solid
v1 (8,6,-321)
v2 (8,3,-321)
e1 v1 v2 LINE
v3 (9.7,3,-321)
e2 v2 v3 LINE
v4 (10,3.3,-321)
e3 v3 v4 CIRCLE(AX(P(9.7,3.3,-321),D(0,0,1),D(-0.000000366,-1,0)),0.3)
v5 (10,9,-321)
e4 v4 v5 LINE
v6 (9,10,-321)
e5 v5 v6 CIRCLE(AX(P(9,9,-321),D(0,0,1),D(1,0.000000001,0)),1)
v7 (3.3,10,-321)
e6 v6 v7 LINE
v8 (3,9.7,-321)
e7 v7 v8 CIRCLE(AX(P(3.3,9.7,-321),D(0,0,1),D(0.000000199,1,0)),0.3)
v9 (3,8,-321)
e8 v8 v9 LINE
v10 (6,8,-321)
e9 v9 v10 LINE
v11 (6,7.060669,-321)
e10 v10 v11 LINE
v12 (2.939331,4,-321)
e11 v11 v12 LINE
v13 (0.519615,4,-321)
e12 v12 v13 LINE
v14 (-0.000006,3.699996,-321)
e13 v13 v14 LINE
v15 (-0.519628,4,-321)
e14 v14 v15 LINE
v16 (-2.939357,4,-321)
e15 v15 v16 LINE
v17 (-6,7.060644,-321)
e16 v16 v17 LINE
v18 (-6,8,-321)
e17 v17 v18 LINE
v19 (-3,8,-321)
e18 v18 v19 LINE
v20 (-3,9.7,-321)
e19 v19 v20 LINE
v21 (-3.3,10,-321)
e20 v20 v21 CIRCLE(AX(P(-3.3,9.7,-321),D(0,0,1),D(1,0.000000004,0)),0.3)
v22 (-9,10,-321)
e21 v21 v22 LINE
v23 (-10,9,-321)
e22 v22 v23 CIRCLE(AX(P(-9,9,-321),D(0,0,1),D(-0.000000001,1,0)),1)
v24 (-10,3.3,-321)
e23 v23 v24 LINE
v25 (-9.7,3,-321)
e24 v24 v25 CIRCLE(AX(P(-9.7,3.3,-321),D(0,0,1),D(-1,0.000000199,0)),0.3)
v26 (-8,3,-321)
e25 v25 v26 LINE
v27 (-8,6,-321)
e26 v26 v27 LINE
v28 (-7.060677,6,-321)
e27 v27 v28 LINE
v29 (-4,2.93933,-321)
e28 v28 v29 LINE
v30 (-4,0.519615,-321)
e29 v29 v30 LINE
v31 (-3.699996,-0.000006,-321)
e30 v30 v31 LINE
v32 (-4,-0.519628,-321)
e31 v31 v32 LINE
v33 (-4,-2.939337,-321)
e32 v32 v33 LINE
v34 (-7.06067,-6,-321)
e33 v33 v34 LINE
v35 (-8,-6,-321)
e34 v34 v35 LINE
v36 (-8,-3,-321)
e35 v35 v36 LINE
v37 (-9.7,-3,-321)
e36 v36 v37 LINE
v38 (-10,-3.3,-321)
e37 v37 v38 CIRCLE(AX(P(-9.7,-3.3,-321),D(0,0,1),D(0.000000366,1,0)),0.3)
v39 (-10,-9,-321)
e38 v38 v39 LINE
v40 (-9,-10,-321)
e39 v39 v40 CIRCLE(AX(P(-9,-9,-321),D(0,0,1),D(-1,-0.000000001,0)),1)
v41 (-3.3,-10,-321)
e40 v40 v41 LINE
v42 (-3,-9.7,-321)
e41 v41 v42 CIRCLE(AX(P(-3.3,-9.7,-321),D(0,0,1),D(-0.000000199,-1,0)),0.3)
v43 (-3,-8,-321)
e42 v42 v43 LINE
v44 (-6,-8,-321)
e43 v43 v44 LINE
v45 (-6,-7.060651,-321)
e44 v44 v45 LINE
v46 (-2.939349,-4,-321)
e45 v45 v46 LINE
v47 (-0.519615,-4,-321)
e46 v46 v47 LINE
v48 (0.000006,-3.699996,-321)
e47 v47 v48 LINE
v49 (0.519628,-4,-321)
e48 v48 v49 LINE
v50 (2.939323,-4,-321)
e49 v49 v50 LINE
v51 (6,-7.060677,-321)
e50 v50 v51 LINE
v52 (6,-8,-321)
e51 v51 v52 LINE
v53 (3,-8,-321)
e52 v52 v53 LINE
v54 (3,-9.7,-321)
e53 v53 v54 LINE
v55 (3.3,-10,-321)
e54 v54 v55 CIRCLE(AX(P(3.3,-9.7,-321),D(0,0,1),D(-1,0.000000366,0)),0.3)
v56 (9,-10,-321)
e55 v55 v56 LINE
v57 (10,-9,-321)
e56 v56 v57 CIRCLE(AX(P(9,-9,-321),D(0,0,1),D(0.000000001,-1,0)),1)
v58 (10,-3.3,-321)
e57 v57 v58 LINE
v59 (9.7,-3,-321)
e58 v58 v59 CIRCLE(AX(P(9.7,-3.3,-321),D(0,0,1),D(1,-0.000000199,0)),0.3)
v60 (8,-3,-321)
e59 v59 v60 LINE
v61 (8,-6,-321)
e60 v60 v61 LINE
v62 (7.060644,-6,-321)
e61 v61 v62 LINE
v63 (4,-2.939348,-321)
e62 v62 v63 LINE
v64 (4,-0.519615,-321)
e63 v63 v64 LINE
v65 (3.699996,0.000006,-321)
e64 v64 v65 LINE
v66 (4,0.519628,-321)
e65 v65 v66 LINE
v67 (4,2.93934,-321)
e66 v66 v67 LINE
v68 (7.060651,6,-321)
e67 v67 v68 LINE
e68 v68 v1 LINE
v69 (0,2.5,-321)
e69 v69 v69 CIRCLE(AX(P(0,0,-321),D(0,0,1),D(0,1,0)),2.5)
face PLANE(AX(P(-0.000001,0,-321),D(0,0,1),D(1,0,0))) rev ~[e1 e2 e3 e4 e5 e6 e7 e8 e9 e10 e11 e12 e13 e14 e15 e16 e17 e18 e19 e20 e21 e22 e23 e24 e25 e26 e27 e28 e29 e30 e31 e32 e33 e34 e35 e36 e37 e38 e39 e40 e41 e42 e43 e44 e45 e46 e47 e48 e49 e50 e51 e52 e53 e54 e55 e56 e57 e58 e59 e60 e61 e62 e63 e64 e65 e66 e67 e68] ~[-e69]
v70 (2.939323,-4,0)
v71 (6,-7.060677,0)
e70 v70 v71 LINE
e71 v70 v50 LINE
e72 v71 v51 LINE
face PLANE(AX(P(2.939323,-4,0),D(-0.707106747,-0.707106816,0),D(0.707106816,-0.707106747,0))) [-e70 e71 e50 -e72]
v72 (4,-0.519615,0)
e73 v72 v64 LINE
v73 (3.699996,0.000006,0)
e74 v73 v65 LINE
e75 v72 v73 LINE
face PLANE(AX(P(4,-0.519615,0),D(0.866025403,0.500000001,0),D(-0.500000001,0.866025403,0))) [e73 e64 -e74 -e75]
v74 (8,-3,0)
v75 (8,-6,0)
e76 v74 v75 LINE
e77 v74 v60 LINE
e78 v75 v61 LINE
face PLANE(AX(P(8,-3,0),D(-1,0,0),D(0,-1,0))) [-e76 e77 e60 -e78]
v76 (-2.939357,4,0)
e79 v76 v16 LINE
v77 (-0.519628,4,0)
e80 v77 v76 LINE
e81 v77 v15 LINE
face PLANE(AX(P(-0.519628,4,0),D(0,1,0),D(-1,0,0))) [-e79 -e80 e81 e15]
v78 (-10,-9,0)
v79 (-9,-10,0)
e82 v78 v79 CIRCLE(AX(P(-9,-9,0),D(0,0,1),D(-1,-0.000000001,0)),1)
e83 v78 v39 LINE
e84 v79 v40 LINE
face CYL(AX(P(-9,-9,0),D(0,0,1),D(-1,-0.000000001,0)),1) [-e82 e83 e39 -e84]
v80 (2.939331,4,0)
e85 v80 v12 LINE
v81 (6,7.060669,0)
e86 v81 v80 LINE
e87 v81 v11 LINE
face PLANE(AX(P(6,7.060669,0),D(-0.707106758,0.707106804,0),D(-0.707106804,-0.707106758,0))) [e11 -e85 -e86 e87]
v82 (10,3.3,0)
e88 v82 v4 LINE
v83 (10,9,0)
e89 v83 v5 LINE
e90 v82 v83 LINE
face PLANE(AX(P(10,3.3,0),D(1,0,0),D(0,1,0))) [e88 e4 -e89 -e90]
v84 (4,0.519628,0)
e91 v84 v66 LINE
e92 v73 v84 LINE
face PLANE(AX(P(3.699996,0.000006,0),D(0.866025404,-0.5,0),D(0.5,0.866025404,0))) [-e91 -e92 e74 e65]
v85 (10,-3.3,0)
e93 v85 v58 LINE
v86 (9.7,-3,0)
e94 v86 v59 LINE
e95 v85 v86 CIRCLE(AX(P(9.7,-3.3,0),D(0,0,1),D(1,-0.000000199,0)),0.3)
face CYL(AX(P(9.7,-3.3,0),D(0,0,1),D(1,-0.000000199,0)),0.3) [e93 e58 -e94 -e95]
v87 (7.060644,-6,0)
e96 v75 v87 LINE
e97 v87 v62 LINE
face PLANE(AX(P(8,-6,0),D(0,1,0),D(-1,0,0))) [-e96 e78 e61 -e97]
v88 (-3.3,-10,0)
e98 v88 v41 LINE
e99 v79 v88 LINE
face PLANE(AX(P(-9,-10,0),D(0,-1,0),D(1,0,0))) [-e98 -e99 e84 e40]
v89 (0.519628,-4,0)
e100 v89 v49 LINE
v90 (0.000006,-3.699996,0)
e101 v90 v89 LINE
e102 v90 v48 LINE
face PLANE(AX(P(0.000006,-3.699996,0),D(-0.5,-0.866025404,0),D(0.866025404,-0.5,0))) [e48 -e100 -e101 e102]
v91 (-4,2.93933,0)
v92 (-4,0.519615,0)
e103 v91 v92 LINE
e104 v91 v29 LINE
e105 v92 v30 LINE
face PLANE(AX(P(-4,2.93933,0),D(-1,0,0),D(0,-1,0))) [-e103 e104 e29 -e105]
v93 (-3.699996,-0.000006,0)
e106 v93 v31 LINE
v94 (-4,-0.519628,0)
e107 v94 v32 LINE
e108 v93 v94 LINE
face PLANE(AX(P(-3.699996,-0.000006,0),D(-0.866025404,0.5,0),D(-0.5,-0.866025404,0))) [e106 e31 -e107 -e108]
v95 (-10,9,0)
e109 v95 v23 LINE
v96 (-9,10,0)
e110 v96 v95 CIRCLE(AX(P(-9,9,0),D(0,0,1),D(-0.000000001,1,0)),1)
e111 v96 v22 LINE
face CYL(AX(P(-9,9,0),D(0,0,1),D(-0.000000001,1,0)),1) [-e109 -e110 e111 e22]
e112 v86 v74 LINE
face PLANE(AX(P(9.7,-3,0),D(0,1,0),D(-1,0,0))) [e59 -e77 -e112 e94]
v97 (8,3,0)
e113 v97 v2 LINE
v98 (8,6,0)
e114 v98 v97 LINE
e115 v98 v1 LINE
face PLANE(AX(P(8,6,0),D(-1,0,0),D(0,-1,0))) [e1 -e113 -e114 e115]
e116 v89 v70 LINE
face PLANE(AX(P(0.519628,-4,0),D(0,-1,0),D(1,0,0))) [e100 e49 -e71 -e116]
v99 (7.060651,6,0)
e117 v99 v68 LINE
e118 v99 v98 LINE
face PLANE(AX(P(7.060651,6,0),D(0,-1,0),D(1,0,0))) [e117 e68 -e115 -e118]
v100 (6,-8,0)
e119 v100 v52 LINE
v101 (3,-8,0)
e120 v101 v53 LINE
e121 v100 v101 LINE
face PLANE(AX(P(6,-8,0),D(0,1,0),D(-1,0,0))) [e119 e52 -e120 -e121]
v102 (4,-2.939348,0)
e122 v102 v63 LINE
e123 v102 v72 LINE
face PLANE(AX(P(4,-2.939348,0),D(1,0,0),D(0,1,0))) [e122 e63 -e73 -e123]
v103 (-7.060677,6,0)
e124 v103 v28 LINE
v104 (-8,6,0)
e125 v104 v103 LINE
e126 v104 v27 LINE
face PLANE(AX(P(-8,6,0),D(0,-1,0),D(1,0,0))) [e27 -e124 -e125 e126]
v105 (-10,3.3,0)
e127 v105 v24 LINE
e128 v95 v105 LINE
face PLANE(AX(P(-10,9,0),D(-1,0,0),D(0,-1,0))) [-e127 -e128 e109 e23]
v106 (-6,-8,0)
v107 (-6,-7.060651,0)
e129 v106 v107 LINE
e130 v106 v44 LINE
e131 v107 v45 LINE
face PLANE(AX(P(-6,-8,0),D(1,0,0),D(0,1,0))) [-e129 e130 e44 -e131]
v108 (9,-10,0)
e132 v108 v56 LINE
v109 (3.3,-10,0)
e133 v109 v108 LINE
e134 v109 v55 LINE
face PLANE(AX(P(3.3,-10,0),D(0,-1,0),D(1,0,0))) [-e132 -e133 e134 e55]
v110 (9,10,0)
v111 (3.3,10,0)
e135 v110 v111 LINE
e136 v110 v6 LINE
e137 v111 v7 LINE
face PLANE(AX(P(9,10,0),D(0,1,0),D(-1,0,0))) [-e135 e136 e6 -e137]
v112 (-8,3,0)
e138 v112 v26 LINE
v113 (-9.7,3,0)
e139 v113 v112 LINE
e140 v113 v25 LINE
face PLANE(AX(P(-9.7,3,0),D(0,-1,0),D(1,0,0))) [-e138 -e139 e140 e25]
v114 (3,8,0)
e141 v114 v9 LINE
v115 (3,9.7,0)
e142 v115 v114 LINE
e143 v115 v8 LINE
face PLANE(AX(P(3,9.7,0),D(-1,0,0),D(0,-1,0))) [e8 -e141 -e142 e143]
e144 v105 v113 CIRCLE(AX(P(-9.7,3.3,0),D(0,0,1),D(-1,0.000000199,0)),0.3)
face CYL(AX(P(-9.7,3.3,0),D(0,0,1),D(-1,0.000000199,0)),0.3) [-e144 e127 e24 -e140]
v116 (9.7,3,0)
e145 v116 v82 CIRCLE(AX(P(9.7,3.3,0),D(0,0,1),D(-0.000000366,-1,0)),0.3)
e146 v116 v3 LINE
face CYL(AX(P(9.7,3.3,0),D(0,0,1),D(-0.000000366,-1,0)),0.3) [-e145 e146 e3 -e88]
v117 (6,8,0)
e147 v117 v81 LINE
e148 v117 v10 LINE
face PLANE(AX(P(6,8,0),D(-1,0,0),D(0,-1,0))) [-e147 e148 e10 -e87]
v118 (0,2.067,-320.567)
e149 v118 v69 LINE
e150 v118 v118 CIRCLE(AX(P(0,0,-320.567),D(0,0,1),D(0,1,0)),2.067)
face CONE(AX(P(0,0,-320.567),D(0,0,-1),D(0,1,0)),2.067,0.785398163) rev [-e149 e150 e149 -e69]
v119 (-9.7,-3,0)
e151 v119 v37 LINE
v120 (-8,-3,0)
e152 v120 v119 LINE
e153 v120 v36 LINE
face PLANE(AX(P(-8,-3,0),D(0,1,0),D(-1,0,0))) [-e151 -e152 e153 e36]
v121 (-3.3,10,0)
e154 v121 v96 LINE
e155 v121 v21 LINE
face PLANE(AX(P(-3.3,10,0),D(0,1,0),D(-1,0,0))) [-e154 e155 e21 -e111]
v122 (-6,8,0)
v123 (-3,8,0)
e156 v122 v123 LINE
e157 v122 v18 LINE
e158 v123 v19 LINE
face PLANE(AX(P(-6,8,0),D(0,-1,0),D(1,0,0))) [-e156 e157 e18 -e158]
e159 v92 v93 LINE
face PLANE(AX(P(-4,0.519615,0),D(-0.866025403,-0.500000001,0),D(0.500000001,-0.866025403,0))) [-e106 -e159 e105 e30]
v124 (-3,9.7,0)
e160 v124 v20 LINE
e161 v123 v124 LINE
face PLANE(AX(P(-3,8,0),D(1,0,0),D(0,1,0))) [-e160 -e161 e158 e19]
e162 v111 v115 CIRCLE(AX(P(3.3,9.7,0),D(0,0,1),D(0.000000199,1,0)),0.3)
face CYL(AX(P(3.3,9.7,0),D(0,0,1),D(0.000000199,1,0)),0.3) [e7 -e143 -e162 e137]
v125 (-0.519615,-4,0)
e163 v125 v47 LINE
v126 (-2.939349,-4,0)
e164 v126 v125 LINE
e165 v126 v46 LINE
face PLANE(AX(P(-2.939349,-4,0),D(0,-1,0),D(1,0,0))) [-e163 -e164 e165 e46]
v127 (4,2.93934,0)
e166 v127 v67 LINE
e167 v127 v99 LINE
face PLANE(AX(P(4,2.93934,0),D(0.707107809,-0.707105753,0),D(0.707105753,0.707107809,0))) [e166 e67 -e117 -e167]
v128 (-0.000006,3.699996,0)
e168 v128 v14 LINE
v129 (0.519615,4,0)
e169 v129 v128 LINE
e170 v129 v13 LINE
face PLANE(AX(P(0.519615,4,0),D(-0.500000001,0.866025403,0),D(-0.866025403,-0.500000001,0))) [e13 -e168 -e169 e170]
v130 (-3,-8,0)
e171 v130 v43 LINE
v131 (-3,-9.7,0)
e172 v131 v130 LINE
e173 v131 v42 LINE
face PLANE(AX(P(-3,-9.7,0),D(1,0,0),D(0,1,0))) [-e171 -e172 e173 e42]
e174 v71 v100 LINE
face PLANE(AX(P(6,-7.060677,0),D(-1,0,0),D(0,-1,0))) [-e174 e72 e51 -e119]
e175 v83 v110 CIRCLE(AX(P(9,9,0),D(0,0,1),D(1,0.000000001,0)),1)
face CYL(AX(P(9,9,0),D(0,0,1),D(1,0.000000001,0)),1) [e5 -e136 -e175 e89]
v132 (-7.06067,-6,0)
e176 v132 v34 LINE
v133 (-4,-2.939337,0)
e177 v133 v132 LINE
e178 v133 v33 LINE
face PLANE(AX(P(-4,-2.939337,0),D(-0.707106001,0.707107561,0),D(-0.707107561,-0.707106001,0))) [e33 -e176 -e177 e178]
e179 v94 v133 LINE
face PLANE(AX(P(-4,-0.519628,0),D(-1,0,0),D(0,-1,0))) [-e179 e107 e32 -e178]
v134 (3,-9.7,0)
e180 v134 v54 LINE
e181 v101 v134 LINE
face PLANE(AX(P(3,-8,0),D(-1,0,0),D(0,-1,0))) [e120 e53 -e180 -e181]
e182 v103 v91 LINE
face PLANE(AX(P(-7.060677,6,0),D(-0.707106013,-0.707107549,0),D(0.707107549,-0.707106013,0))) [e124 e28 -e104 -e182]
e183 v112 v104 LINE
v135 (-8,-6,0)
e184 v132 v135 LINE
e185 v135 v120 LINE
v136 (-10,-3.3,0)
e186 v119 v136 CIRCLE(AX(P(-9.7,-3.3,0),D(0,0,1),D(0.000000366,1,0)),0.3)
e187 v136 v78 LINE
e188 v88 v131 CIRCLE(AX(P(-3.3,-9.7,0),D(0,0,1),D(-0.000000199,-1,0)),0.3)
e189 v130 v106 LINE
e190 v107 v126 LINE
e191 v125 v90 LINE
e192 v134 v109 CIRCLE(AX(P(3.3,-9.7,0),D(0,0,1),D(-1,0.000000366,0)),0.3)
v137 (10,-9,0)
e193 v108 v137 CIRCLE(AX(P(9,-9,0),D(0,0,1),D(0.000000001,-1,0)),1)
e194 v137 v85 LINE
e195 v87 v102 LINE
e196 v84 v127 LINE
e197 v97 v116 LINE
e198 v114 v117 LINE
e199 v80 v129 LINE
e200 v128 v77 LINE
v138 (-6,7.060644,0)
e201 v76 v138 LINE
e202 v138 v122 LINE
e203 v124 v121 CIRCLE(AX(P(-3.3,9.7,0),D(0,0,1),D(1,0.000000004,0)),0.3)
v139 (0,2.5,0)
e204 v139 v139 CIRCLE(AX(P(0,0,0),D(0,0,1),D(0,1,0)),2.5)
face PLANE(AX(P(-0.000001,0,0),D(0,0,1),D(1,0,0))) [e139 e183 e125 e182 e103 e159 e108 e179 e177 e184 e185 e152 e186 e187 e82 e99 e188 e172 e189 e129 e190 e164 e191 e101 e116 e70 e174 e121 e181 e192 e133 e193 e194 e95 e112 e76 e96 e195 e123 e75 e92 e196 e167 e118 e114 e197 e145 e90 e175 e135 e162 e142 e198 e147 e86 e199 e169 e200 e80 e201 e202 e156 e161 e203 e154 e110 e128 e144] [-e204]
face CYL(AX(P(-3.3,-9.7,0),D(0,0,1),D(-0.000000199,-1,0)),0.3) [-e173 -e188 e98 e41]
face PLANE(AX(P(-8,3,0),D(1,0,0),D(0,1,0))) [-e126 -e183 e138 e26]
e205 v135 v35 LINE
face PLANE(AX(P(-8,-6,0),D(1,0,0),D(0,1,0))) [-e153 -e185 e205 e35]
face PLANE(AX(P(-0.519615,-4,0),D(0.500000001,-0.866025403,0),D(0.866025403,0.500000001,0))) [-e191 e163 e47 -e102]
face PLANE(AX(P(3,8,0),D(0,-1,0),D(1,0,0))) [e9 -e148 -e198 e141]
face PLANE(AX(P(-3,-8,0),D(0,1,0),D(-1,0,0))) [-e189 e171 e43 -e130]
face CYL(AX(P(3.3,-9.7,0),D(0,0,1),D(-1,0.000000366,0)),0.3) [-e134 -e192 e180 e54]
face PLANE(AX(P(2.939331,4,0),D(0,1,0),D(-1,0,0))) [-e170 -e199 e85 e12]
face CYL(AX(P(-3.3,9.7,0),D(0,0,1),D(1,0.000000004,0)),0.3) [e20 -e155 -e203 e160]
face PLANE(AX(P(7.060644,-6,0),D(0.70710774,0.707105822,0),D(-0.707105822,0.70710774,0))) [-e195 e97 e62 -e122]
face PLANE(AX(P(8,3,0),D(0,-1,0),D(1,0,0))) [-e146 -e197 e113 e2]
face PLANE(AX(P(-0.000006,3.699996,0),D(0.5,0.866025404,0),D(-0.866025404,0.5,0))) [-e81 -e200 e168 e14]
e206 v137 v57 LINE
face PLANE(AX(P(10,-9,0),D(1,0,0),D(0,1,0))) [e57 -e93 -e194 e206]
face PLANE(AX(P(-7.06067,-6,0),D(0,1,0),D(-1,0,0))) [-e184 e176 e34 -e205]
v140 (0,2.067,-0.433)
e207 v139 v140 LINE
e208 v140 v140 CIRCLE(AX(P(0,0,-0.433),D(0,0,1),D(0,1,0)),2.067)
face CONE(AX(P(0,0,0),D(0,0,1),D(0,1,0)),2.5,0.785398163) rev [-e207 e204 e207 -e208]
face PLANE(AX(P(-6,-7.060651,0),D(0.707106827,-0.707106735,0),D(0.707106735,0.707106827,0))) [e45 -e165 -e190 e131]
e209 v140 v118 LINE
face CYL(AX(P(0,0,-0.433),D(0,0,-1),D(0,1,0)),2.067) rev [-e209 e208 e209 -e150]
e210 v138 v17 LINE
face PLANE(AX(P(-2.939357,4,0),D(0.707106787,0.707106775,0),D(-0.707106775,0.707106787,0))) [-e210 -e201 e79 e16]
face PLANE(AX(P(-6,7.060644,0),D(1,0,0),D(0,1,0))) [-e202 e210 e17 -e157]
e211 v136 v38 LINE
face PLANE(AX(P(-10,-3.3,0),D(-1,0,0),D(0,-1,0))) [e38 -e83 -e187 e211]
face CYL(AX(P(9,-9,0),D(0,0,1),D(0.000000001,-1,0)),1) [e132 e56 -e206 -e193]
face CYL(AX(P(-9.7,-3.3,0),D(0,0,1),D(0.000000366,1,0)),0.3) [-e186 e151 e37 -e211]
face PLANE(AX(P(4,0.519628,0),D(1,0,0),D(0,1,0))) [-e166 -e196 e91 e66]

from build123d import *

# Parameters (mm, degrees)
BOSS_EXTRUDE1_DEPTH = 321


with BuildPart() as part:
    # Sketch1 → Boss-Extrude1 (new body)
    with BuildSketch(Plane.XY):
        with BuildLine():
            Line((-10, 9), (-10, 3.29999995))
            ThreePointArc((-10, 3.29999995), (-9.912132049, 3.087867916), (-9.7, 3))
            Line((-9.7, 3), (-8, 3))
            Line((-8, 3), (-8, 6))
            Line((-8, 6), (-7.060677, 6))
            Line((-7.060677, 6), (-4, 2.93932965))
            Line((-4, 2.93932965), (-4, 0.519615242))
            Line((-4, 0.519615242), (-3.699996283, -6.437e-06))
            Line((-3.699996283, -6.437e-06), (-4, -0.519628117))
            Line((-4, -0.519628117), (-4, -2.93933725))
            Line((-4, -2.93933725), (-7.0606695, -6))
            Line((-7.0606695, -6), (-8, -6))
            Line((-8, -6), (-8, -3))
            Line((-8, -3), (-9.7, -3))
            ThreePointArc((-9.7, -3), (-9.912132049, -3.087867916), (-10, -3.29999995))
            Line((-10, -3.29999995), (-10, -9))
            ThreePointArc((-10, -9), (-9.707106781, -9.707106781), (-9, -10))
            Line((-9, -10), (-3.29999995, -10))
            ThreePointArc((-3.29999995, -10), (-3.087867916, -9.912132049), (-3, -9.7))
            Line((-3, -9.7), (-3, -8))
            Line((-3, -8), (-6, -8))
            Line((-6, -8), (-6, -7.0606515))
            Line((-6, -7.0606515), (-2.9393489, -4))
            Line((-2.9393489, -4), (-0.519615242, -4))
            Line((-0.519615242, -4), (6.437e-06, -3.699996283))
            Line((6.437e-06, -3.699996283), (0.519628117, -4))
            Line((0.519628117, -4), (2.9393227, -4))
            Line((2.9393227, -4), (6, -7.060677))
            Line((6, -7.060677), (6, -8))
            Line((6, -8), (3, -8))
            Line((3, -8), (3, -9.7))
            ThreePointArc((3, -9.7), (3.087867916, -9.912132049), (3.29999995, -10))
            Line((3.29999995, -10), (9, -10))
            ThreePointArc((9, -10), (9.707106781, -9.707106781), (10, -9))
            Line((10, -9), (10, -3.29999995))
            ThreePointArc((10, -3.29999995), (9.912132049, -3.087867916), (9.7, -3))
            Line((9.7, -3), (8, -3))
            Line((8, -3), (8, -6))
            Line((8, -6), (7.0606435, -6))
            Line((7.0606435, -6), (4, -2.9393482))
            Line((4, -2.9393482), (4, -0.519615242))
            Line((4, -0.519615242), (3.699996283, 6.437e-06))
            Line((3.699996283, 6.437e-06), (4, 0.519628117))
            Line((4, 0.519628117), (4, 2.9393401))
            Line((4, 2.9393401), (7.060651, 6))
            Line((7.060651, 6), (8, 6))
            Line((8, 6), (8, 3))
            Line((8, 3), (9.7, 3))
            ThreePointArc((9.7, 3), (9.912132049, 3.087867916), (10, 3.29999995))
            Line((10, 3.29999995), (10, 9))
            ThreePointArc((10, 9), (9.707106781, 9.707106781), (9, 10))
            Line((9, 10), (3.29999995, 10))
            ThreePointArc((3.29999995, 10), (3.087867916, 9.912132049), (3, 9.7))
            Line((3, 9.7), (3, 8))
            Line((3, 8), (6, 8))
            Line((6, 8), (6, 7.060669))
            Line((6, 7.060669), (2.9393308, 4))
            Line((2.9393308, 4), (0.519615242, 4))
            Line((0.519615242, 4), (-6.437e-06, 3.699996283))
            Line((-6.437e-06, 3.699996283), (-0.519628117, 4))
            Line((-0.519628117, 4), (-2.93935655, 4))
            Line((-2.93935655, 4), (-6, 7.0606435))
            Line((-6, 7.0606435), (-6, 8))
            Line((-6, 8), (-3, 8))
            Line((-3, 8), (-3, 9.7))
            ThreePointArc((-3, 9.7), (-3.087867966, 9.912132034), (-3.3, 10))
            Line((-3.3, 10), (-9, 10))
            ThreePointArc((-9, 10), (-9.707106781, 9.707106781), (-10, 9))
        make_face()
    extrude(amount=-BOSS_EXTRUDE1_DEPTH)

    # Sketch2 → Cut-Revolve1 (revolve, cut)
    with BuildSketch(Plane(origin=(0, 0, 0), x_dir=(0, 0, -1), z_dir=(1, 0, 0))):
        Polygon((0, 0), (0, 2.5), (0.433, 2.067), (321, 2.067), (321, 0), align=None)
    revolve(axis=Axis((0, 0, -321), (0, 0, 1)), mode=Mode.SUBTRACT)

    # Sketch3 → Cut-Revolve2 (revolve, cut)
    with BuildSketch(Plane(origin=(0, 0, 0), x_dir=(0, 0, -1), z_dir=(1, 0, 0))):
        Polygon((0, 0), (0, 2.067), (320.567, 2.067), (321, 2.5), (321, 0), align=None)
    revolve(axis=Axis((0, 0, -321), (0, 0, 1)), mode=Mode.SUBTRACT)


solid = part.part
